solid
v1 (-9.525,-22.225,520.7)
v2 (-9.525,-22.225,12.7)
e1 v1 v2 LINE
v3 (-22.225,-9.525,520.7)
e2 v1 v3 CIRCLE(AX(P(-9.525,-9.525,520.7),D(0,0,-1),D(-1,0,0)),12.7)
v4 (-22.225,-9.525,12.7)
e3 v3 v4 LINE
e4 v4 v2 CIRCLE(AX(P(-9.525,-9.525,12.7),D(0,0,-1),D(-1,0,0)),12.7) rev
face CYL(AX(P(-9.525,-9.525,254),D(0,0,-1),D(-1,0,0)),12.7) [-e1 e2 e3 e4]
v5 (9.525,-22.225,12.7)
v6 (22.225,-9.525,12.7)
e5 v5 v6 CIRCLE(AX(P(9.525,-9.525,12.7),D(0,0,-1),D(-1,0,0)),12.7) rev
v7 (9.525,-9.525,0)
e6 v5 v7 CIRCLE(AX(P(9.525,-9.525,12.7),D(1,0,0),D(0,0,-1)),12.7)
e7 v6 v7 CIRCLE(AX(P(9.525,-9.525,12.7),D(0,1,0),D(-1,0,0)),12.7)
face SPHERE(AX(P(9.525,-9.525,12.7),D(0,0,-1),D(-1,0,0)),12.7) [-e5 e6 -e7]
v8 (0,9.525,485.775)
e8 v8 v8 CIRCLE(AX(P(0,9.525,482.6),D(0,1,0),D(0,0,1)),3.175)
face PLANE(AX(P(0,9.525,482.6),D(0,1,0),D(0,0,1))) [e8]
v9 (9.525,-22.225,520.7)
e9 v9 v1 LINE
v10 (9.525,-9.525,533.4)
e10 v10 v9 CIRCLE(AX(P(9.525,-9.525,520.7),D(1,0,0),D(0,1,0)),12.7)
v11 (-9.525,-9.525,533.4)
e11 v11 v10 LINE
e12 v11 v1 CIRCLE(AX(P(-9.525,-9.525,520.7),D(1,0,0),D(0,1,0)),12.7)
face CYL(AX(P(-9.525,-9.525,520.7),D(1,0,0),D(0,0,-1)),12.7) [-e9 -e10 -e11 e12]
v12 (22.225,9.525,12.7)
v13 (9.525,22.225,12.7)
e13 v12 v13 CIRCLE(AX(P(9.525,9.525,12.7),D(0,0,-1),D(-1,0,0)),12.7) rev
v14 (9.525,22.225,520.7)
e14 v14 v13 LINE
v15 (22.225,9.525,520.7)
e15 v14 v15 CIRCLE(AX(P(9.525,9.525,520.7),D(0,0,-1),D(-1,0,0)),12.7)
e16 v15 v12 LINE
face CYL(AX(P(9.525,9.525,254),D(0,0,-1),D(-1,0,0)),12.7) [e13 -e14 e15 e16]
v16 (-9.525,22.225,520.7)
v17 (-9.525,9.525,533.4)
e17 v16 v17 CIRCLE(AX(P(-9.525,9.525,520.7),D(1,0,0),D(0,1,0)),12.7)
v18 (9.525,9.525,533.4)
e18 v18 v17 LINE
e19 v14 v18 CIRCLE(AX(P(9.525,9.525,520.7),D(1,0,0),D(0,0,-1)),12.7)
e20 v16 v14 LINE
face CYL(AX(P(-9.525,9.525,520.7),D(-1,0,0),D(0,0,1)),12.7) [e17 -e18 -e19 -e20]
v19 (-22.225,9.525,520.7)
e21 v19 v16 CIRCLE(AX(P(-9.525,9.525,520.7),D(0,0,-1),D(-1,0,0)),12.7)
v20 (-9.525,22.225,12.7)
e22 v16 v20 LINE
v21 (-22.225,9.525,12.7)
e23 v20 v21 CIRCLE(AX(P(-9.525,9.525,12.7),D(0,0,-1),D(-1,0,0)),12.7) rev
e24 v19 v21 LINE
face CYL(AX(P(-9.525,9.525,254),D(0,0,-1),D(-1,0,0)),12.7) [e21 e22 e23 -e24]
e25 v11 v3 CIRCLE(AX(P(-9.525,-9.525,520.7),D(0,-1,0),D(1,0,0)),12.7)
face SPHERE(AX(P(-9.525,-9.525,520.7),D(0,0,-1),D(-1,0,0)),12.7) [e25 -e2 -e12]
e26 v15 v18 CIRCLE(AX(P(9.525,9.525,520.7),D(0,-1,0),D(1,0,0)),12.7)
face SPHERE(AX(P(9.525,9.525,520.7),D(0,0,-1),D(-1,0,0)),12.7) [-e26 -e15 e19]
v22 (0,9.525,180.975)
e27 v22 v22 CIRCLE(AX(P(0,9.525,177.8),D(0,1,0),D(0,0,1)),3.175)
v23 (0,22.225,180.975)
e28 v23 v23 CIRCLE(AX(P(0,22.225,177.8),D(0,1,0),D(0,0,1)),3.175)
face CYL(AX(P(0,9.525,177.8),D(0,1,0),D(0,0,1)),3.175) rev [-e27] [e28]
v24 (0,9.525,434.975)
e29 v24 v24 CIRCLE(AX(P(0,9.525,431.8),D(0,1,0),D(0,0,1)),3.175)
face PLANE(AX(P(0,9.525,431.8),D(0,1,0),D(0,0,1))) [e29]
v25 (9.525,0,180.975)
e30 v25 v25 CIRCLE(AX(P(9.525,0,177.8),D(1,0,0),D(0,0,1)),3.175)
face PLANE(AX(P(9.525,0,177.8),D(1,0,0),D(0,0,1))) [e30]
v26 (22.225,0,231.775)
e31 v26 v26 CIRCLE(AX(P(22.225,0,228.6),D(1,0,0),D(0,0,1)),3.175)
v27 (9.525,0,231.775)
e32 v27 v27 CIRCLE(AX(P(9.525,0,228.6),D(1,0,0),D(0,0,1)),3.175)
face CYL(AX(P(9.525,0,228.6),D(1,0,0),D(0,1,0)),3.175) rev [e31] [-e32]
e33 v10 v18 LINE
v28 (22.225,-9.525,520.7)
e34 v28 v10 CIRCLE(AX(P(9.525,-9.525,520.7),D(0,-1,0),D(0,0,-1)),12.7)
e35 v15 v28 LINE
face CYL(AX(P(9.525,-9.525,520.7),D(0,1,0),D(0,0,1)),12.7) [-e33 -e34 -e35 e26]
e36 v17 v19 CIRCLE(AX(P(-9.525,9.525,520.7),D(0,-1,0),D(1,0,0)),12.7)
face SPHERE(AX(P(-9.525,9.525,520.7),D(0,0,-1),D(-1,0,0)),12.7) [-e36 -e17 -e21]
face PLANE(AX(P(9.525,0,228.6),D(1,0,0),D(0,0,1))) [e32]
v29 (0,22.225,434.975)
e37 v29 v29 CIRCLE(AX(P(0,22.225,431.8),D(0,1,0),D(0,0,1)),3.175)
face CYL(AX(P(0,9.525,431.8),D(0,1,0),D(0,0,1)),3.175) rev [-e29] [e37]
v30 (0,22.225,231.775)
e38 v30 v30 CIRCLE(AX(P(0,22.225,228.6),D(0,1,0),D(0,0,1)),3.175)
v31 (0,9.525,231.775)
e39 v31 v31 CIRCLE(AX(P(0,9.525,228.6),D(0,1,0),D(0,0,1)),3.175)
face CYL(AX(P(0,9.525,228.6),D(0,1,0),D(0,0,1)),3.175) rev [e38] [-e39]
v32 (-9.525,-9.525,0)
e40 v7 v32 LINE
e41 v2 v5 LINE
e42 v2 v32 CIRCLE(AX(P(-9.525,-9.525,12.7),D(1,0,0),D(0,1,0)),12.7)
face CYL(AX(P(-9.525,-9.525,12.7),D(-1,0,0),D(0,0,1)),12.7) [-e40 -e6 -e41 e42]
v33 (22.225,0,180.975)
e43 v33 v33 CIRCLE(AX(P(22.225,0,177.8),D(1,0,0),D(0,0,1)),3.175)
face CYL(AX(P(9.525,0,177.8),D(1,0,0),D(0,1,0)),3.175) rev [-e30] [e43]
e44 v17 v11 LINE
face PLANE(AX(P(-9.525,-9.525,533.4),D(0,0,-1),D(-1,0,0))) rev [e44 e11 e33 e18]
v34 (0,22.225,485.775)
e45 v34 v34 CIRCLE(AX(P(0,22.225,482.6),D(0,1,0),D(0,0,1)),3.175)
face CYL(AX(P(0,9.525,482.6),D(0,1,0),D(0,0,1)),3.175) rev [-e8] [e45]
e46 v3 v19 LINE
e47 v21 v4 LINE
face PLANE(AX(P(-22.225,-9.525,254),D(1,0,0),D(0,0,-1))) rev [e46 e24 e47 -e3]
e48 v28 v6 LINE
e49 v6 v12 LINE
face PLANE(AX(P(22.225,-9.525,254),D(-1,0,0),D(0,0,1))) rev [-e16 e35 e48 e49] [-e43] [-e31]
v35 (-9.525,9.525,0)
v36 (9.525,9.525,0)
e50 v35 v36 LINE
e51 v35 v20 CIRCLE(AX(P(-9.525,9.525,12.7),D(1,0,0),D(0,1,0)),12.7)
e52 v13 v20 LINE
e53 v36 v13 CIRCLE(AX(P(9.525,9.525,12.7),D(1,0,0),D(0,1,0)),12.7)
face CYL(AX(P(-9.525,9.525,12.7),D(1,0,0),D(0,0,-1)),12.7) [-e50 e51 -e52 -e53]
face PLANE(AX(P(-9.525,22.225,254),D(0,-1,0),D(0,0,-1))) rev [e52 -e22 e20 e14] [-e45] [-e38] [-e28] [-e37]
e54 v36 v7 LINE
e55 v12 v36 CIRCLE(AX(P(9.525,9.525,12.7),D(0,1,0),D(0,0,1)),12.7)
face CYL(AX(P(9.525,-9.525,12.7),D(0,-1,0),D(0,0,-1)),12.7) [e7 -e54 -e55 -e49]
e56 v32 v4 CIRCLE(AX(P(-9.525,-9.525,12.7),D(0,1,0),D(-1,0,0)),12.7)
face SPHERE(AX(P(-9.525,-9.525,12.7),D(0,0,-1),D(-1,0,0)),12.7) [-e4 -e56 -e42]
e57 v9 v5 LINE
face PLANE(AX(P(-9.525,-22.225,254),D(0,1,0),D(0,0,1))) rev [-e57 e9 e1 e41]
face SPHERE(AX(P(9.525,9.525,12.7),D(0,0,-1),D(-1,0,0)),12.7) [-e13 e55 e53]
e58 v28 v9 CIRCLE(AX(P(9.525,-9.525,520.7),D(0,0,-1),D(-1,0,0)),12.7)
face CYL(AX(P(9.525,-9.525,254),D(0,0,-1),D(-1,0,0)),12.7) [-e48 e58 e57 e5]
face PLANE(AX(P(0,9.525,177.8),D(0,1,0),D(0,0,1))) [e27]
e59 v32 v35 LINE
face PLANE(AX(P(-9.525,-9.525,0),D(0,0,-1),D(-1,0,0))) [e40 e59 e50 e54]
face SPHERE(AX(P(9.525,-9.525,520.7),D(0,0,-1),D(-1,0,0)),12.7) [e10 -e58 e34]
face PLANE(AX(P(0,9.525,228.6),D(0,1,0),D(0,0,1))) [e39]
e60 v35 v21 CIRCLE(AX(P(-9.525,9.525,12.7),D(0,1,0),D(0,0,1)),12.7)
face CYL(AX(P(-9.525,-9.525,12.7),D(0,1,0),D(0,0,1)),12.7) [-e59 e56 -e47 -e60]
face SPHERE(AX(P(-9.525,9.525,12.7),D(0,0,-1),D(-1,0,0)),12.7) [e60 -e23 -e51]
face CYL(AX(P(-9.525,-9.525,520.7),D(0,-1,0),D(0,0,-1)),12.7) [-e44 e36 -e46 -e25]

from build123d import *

# Parameters (mm, degrees)
BOSS_EXTRUDE1_DEPTH = 254
FILLET1_R           = 12.7
SKETCH2_R           = 3.175
CUT_EXTRUDE1_DEPTH  = 12.7
CIRPATTERN2_COUNT   = 2
CIRPATTERN2_ANGLE   = 90
BOSS_EXTRUDE2_DEPTH = 279.4
FILLET2_R           = 12.7
SKETCH6_R           = 3.175
CUT_EXTRUDE3_DEPTH  = 12.7


with BuildPart() as part:
    # Sketch1 → Boss-Extrude1 (new body)
    with BuildSketch(Plane.XY):
        with BuildLine():
            Line((-9.525, -22.225), (9.525, -22.225))
            ThreePointArc((9.525, -22.225), (18.505256121, -18.505256121), (22.225, -9.525))
            Line((22.225, -9.525), (22.225, 9.525))
            ThreePointArc((22.225, 9.525), (18.505256121, 18.505256121), (9.525, 22.225))
            Line((9.525, 22.225), (-9.525, 22.225))
            ThreePointArc((-9.525, 22.225), (-18.505256121, 18.505256121), (-22.225, 9.525))
            Line((-22.225, 9.525), (-22.225, -9.525))
            ThreePointArc((-22.225, -9.525), (-18.505256121, -18.505256121), (-9.525, -22.225))
        make_face()
    extrude(amount=BOSS_EXTRUDE1_DEPTH)

    # Fillet1
    fillet1_edges = [part.edges().sort_by_distance(p)[0] for p in [
        (0, -22.225, 0),
        (-18.505256121, -18.505256121, 0),
        (-22.225, 0, 0),
        (-18.505256121, 18.505256121, 0),
        (0, 22.225, 0),
        (18.505256121, 18.505256121, 0),
        (22.225, 0, 0),
        (18.505256121, -18.505256121, 0),
    ]]
    fillet(fillet1_edges, radius=FILLET1_R)

    # Sketch2 → Cut-Extrude1 (cut)
    with BuildSketch(Plane(origin=(0, 22.225, 0), x_dir=(1, 0, 0), z_dir=(0, 1, 0))):
        with Locations(Location((0, -177.8, 0), (0, 0, 270))):  # turned: the seam where the file's is
            Circle(SKETCH2_R)
        with Locations(Location((0, -228.6, 0), (0, 0, 270))):  # turned: the seam where the file's is
            Circle(SKETCH2_R)
    cut_extrude1 = extrude(amount=-CUT_EXTRUDE1_DEPTH, mode=Mode.SUBTRACT)

    # CirPattern2: Cut-Extrude1 ×2 about axis
    cirpattern2_axis = Axis((0, 0, 1052.131449431), (0, 0, -1))
    for i in range(1, CIRPATTERN2_COUNT):
        add(cut_extrude1.rotate(cirpattern2_axis, i * CIRPATTERN2_ANGLE / (CIRPATTERN2_COUNT - 1)), mode=Mode.SUBTRACT)

    # Sketch4 → Boss-Extrude2 (add)
    with BuildSketch(Plane.XY.offset(254)):
        with BuildLine():
            Line((-9.525, -22.225), (9.525, -22.225))
            ThreePointArc((9.525, -22.225), (18.505256121, -18.505256121), (22.225, -9.525))
            Line((22.225, -9.525), (22.225, 9.525))
            ThreePointArc((22.225, 9.525), (18.505256121, 18.505256121), (9.525, 22.225))
            Line((9.525, 22.225), (-9.525, 22.225))
            ThreePointArc((-9.525, 22.225), (-18.505256121, 18.505256121), (-22.225, 9.525))
            Line((-22.225, 9.525), (-22.225, -9.525))
            ThreePointArc((-22.225, -9.525), (-18.505256121, -18.505256121), (-9.525, -22.225))
        make_face()
    extrude(amount=BOSS_EXTRUDE2_DEPTH)

    # Fillet2
    fillet2_edges = [part.edges().sort_by_distance(p)[0] for p in [
        (-18.505256121, -18.505256121, 533.4),
        (0, -22.225, 533.4),
        (18.505256121, -18.505256121, 533.4),
        (22.225, 0, 533.4),
        (18.505256121, 18.505256121, 533.4),
        (0, 22.225, 533.4),
        (-18.505256121, 18.505256121, 533.4),
        (-22.225, 0, 533.4),
    ]]
    fillet(fillet2_edges, radius=FILLET2_R)

    # Sketch6 → Cut-Extrude3 (cut)
    with BuildSketch(Plane(origin=(0, 22.225, 0), x_dir=(1, 0, 0), z_dir=(0, 1, 0))):
        with Locations(Location((0, -431.8, 0), (0, 0, 270))):  # turned: the seam where the file's is
            Circle(SKETCH6_R)
        with Locations(Location((0, -482.6, 0), (0, 0, 270))):  # turned: the seam where the file's is
            Circle(SKETCH6_R)
    extrude(amount=-CUT_EXTRUDE3_DEPTH, mode=Mode.SUBTRACT)


solid = part.part
